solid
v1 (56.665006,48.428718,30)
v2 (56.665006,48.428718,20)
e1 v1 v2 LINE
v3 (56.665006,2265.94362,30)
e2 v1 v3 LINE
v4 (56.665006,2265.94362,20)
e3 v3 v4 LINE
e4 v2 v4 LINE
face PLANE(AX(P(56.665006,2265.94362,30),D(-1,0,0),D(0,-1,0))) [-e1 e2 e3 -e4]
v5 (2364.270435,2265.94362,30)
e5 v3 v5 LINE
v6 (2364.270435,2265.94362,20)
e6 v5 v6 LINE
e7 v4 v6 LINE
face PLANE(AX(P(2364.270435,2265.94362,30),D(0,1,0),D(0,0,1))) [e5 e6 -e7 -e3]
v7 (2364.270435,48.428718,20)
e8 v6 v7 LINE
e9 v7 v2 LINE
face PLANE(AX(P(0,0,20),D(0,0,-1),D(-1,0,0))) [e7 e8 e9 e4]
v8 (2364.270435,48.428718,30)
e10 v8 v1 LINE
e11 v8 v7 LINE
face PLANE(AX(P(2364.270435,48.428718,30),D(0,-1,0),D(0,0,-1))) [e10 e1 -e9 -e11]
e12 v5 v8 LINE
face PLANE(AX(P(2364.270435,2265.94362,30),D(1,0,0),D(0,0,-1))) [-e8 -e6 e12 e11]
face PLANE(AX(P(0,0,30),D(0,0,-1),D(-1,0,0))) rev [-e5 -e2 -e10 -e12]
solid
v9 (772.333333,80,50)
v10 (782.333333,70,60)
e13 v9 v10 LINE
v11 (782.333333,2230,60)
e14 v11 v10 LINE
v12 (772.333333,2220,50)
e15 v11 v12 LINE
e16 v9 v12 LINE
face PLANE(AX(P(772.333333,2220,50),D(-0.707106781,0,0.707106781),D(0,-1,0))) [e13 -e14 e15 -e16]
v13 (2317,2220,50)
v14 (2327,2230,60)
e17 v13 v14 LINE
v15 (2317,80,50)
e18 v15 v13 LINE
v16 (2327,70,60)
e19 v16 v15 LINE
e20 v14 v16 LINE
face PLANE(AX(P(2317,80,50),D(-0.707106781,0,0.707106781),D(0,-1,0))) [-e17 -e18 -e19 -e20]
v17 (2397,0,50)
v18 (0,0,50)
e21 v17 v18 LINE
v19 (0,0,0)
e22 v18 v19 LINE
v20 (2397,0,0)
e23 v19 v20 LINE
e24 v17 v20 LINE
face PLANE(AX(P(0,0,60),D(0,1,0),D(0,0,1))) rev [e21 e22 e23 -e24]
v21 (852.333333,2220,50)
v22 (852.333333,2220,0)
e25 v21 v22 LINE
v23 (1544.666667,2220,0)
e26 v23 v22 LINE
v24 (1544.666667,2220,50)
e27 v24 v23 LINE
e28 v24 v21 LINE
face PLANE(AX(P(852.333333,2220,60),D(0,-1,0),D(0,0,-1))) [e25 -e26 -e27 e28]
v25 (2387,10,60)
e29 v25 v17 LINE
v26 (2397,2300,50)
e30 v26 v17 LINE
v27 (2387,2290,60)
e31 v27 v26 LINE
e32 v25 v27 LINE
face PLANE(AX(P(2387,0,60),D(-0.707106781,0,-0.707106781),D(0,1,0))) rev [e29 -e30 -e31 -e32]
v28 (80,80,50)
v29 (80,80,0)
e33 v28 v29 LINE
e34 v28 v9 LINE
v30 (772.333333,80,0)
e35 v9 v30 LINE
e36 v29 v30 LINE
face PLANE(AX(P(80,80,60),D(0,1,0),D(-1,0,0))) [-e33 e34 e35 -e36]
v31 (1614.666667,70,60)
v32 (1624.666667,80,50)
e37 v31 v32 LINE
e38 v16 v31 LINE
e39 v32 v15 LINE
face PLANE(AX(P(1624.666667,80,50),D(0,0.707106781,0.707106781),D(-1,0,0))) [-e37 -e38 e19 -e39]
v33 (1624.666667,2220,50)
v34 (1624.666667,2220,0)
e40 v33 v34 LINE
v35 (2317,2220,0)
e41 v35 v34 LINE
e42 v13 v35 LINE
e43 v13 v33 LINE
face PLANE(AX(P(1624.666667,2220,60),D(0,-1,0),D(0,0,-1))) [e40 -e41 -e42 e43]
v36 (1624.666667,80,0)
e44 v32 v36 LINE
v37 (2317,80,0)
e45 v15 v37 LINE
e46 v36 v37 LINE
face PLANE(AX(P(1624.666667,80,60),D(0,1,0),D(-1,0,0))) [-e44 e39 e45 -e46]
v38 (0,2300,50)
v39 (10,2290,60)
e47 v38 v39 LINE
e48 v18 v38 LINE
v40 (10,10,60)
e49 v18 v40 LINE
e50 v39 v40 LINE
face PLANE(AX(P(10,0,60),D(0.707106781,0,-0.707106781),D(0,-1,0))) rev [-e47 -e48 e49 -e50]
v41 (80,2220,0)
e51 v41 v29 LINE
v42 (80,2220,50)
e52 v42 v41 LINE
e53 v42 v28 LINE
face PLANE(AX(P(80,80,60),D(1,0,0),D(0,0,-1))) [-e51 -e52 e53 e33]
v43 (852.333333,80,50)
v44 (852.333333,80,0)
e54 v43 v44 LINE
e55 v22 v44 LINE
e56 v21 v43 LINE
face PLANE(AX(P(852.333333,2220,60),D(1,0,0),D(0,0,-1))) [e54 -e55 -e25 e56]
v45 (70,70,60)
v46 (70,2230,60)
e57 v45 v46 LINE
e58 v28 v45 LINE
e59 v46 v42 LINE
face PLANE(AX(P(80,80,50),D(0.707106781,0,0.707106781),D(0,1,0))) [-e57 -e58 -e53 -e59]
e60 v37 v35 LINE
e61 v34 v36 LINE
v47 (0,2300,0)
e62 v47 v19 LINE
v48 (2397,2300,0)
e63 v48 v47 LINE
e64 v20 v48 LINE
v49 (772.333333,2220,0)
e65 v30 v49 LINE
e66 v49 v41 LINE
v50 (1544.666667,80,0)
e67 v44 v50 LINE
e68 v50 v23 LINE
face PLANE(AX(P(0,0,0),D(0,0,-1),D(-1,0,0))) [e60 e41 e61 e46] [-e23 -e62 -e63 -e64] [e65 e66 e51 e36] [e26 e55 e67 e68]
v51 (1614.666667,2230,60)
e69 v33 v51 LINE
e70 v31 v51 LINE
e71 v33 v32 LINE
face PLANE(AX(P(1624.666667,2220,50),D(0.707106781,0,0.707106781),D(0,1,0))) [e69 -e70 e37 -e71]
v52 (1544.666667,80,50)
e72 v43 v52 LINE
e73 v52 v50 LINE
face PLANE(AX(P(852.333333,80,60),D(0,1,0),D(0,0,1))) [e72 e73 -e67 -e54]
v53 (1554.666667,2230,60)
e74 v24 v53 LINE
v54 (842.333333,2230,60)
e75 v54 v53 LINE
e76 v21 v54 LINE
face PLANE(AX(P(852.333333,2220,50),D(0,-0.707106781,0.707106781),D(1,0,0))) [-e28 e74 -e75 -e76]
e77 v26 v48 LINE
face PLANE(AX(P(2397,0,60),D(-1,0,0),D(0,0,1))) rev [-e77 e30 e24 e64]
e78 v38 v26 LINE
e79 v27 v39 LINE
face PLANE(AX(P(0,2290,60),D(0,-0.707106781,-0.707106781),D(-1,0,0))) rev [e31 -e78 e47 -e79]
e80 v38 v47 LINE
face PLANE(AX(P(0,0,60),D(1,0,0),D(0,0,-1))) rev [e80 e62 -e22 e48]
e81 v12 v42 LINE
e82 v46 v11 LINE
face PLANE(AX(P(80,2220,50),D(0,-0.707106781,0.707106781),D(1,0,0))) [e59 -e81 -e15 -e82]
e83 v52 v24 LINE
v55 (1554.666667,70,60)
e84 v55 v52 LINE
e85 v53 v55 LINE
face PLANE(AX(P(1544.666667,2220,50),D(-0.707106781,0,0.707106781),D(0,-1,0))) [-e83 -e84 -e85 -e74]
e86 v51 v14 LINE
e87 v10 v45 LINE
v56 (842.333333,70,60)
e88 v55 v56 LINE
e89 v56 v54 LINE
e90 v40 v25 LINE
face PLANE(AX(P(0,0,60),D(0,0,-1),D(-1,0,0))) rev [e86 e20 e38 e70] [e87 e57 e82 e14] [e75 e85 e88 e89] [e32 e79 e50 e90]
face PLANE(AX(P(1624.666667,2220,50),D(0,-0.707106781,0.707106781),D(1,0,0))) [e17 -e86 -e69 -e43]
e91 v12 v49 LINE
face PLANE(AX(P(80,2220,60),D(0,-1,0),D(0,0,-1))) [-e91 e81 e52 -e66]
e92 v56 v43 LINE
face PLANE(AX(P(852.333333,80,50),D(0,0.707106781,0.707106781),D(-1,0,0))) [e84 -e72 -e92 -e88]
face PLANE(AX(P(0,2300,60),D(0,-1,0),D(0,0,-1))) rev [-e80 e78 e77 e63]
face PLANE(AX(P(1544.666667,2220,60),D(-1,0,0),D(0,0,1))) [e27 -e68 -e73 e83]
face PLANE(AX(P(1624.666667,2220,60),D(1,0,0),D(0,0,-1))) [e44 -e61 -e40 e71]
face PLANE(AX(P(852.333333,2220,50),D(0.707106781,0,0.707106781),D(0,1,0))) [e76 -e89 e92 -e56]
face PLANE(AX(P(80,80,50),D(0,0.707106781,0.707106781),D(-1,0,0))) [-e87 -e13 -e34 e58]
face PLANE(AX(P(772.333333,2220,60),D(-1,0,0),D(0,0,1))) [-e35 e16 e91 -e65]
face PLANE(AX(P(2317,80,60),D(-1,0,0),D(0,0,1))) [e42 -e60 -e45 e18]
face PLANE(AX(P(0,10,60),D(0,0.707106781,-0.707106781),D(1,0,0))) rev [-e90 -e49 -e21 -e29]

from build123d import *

# Parameters (mm, degrees)
SKETCH_1_W      = 2397
SKETCH_1_H      = 2300
SKETCH_1_W_2    = 692.333333333
SKETCH_1_H_2    = 2140
SKETCH_1_W_3    = 692.333333334
EXTRUDE_1_DEPTH = 60
CHAMFER_1_SIZE  = 10
EXTRUDE_START   = -20
SKETCH_2_W      = 2307.605428766
SKETCH_2_H      = 2217.514902177
EXTRUDE_2_DEPTH = 10


with BuildPart() as part:
    # Эскиз1 → Бобышка-Вытянуть1 (new body)
    with BuildSketch(Plane.XY):
        with Locations((1198.5, 1150)):
            Rectangle(SKETCH_1_W, SKETCH_1_H)
        with Locations((426.166666667, 1150)):
            Rectangle(SKETCH_1_W_2, SKETCH_1_H_2, mode=Mode.SUBTRACT)
        with Locations((1970.833333333, 1150)):
            Rectangle(SKETCH_1_W_2, SKETCH_1_H_2, mode=Mode.SUBTRACT)
        with Locations((1198.5, 1150)):
            Rectangle(SKETCH_1_W_3, SKETCH_1_H_2, mode=Mode.SUBTRACT)
    extrude(amount=EXTRUDE_1_DEPTH)

    # Фаска1
    chamfer_1_edges = [part.edges().sort_by_distance(p)[0] for p in [
        (2397, 1150, 60),
        (426.166666667, 80, 60),
        (1198.5, 2300, 60),
        (772.333333333, 1150, 60),
        (426.166666667, 2220, 60),
        (80, 1150, 60),
        (1970.833333333, 2220, 60),
        (1624.666666667, 1150, 60),
        (1970.833333333, 80, 60),
        (2317, 1150, 60),
        (1198.5, 2220, 60),
        (852.333333333, 1150, 60),
        (1198.5, 80, 60),
        (1544.666666667, 1150, 60),
        (0, 1150, 60),
        (1198.5, 0, 60),
    ]]
    chamfer(chamfer_1_edges, length=CHAMFER_1_SIZE)


with BuildPart() as body_2:
    # Эскиз2 → Бобышка-Вытянуть2 (new body)
    with BuildSketch(Plane(origin=(0, 0, 0), x_dir=(-1, 0, 0), z_dir=(0, 0, -1)).offset(EXTRUDE_START)):
        with Locations((-1210.467720162, 1157.186169315)):
            Rectangle(SKETCH_2_W, SKETCH_2_H)
    extrude(amount=-EXTRUDE_2_DEPTH)


solid = Compound([part.part, body_2.part])
